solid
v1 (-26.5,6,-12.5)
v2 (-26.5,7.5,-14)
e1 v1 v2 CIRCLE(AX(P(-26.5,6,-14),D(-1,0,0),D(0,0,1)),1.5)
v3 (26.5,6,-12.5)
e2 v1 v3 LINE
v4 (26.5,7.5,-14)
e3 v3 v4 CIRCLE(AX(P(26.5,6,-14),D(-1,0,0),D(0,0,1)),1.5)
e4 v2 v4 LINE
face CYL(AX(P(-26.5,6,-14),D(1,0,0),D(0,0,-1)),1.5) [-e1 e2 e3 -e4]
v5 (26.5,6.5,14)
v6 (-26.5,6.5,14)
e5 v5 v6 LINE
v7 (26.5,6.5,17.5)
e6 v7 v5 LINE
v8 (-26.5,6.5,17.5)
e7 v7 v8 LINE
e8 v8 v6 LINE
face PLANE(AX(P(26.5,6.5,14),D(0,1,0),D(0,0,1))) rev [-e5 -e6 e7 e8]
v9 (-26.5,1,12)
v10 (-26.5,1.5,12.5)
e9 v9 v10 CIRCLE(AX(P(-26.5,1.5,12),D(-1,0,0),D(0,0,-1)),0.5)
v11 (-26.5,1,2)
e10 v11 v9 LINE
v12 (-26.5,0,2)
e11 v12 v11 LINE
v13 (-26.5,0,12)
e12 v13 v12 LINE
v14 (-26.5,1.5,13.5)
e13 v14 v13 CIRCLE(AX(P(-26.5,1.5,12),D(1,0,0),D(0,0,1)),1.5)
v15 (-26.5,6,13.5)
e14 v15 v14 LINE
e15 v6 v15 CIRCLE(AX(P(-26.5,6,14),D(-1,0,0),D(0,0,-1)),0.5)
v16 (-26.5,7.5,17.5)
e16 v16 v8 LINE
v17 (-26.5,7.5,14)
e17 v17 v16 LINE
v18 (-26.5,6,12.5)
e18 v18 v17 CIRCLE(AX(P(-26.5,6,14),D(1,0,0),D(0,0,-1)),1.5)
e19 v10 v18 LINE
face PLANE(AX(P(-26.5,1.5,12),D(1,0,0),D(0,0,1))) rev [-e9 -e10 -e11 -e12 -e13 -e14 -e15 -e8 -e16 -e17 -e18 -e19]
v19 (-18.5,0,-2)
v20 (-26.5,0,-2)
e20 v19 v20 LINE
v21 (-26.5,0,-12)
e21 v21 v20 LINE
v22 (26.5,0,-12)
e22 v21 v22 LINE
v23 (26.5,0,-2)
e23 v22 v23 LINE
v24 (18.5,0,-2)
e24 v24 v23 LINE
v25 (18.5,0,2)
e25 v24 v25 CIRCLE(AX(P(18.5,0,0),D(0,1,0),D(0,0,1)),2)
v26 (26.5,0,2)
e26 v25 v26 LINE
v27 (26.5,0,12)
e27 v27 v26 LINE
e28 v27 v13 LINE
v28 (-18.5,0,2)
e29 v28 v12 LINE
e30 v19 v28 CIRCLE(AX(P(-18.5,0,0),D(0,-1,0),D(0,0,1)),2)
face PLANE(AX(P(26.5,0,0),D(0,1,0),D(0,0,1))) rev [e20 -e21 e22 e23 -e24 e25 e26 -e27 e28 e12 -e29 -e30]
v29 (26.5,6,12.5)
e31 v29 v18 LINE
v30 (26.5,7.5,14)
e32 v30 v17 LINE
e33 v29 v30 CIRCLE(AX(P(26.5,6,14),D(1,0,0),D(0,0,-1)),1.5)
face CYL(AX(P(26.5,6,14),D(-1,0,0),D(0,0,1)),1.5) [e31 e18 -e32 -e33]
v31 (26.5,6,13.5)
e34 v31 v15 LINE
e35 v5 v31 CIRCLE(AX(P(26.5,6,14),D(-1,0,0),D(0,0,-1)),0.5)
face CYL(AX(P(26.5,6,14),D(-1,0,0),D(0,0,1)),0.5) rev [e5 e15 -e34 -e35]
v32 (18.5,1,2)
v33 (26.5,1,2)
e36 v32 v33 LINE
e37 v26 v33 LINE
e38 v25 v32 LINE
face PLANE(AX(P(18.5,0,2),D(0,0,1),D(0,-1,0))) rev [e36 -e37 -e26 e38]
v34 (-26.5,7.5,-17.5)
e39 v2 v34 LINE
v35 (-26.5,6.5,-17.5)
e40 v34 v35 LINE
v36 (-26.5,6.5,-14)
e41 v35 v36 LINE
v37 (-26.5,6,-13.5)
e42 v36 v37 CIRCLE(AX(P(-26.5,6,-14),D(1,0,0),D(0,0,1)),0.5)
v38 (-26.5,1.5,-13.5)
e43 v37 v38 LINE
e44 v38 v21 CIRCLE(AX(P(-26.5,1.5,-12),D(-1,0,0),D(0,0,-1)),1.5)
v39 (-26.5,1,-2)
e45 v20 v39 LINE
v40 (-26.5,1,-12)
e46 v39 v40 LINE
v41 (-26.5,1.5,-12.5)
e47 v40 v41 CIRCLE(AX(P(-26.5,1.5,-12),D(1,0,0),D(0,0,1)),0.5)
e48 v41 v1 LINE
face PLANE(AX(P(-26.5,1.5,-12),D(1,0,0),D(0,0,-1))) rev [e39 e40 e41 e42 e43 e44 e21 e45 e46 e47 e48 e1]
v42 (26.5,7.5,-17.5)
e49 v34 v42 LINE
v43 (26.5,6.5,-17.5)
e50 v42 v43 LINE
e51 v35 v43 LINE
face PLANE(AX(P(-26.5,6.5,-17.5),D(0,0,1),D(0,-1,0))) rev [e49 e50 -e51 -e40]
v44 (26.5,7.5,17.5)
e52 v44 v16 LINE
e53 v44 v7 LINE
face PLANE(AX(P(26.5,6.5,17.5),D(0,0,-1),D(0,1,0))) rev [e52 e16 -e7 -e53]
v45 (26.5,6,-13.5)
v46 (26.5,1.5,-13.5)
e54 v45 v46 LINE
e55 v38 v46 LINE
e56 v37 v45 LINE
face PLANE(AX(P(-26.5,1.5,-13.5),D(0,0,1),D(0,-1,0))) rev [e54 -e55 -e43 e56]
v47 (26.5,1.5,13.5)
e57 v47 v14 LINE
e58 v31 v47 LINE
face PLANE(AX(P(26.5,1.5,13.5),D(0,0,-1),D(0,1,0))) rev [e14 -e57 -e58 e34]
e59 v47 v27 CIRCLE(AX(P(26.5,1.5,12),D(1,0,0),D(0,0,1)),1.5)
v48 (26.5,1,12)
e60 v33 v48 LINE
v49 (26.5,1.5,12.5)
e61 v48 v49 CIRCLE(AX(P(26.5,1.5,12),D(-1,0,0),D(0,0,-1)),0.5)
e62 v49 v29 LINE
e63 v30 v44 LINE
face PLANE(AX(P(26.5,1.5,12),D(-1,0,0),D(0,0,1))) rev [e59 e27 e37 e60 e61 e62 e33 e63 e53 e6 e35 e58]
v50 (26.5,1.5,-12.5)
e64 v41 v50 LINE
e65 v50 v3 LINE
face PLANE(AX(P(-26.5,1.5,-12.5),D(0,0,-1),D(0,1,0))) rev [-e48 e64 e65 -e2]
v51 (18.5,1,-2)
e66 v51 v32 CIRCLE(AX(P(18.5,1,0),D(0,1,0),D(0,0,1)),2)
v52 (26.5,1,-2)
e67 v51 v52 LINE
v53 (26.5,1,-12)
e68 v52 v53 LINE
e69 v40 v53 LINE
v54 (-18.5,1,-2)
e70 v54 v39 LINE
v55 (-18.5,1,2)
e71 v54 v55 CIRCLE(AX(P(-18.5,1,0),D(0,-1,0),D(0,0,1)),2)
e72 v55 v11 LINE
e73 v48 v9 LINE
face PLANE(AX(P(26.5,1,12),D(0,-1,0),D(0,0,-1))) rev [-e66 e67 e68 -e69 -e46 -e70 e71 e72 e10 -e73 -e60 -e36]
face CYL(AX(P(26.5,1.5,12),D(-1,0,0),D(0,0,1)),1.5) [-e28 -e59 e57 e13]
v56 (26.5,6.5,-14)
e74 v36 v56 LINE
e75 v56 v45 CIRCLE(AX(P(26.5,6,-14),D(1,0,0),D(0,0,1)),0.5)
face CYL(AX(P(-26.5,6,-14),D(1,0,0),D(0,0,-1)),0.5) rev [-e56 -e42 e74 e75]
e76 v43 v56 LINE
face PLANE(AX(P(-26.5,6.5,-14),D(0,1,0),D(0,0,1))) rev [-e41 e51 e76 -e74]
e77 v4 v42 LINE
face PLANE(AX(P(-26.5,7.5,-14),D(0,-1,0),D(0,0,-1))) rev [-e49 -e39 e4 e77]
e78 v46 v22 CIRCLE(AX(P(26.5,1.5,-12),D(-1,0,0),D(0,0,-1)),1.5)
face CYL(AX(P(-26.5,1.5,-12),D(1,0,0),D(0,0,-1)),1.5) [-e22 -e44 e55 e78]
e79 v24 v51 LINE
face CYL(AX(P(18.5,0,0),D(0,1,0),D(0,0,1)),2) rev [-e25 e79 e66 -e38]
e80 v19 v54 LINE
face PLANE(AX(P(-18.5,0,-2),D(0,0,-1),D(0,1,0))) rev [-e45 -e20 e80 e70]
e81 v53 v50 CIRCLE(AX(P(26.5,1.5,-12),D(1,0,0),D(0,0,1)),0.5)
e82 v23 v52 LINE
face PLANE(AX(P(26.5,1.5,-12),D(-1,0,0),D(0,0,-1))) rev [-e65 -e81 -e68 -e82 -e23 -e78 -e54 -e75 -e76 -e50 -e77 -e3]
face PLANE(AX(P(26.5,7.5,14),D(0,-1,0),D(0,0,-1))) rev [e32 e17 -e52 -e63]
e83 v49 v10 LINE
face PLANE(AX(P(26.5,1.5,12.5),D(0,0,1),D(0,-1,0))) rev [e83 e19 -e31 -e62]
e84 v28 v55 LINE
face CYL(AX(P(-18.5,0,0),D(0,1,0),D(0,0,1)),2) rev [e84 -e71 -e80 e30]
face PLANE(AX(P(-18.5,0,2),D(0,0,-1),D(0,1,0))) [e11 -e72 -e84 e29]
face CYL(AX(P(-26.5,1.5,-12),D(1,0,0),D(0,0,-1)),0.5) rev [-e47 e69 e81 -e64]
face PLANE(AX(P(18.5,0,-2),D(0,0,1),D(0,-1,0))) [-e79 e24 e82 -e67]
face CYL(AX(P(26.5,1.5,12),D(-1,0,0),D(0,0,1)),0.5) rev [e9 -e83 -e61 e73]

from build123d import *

# Parameters (mm, degrees)
BOSS_EXTRUDE1_DEPTH   = 26.5
CUT_EXTRUDE1_DEPTH    = 2
MIRROR17_COPY_1_DEPTH = 26.5
MIRROR17_COPY_2_DEPTH = 2


with BuildPart() as part:
    # Sketch1 → Boss-Extrude1 (new body)
    with BuildSketch(Plane(origin=(0, 0, 0), x_dir=(0, 0, -1), z_dir=(1, 0, 0))):
        with BuildLine():
            Line((0, 0), (-12, 0))
            ThreePointArc((-12, 0), (-13.060660172, 0.439339828), (-13.5, 1.5))
            Line((-13.5, 1.5), (-13.5, 6))
            ThreePointArc((-13.5, 6), (-13.646446609, 6.353553391), (-14, 6.5))
            Line((-14, 6.5), (-17.5, 6.5))
            Line((-17.5, 6.5), (-17.5, 7.5))
            Line((-17.5, 7.5), (-14, 7.5))
            ThreePointArc((-14, 7.5), (-12.939339828, 7.060660172), (-12.5, 6))
            Line((-12.5, 6), (-12.5, 1.5))
            ThreePointArc((-12.5, 1.5), (-12.353553391, 1.146446609), (-12, 1))
            Line((-12, 1), (0, 1))
            Line((0, 1), (0, 0))
        make_face()
    boss_extrude1 = extrude(amount=BOSS_EXTRUDE1_DEPTH)

    # Sketch3 → Cut-Extrude1 (cut, through all)
    with BuildSketch(Plane(origin=(0, 1, 0), x_dir=(1, 0, 0), z_dir=(0, 1, 0))):
        with BuildLine():
            Line((26.5, 0), (16.5, 0))
            ThreePointArc((16.5, 0), (17.085786438, -1.414213562), (18.5, -2))
            Line((18.5, -2), (26.5, -2))
            Line((26.5, -2), (26.5, 0))
        make_face()
    cut_extrude1 = extrude(amount=-CUT_EXTRUDE1_DEPTH, mode=Mode.SUBTRACT)

    # Mirror16: Boss-Extrude1, Cut-Extrude1 across plane
    add(boss_extrude1.mirror(Plane(origin=(0, 0, 0), x_dir=(0, 0, 1), z_dir=(1, 0, 0))))
    add(cut_extrude1.mirror(Plane(origin=(0, 0, 0), x_dir=(0, 0, 1), z_dir=(1, 0, 0))), mode=Mode.SUBTRACT)

    # Mirror17: Boss-Extrude1, Cut-Extrude1 across plane
    add(boss_extrude1.mirror(Plane.XY))
    add(cut_extrude1.mirror(Plane.XY), mode=Mode.SUBTRACT)

    # Mirror17 copy 1 sketch → Mirror17 copy 1 (add)
    with BuildSketch(Plane.ZY):
        with BuildLine():
            Line((0, 0), (-12, 0))
            ThreePointArc((-12, 0), (-13.060660172, 0.439339828), (-13.5, 1.5))
            Line((-13.5, 1.5), (-13.5, 6))
            ThreePointArc((-13.5, 6), (-13.646446609, 6.353553391), (-14, 6.5))
            Line((-14, 6.5), (-17.5, 6.5))
            Line((-17.5, 6.5), (-17.5, 7.5))
            Line((-17.5, 7.5), (-14, 7.5))
            ThreePointArc((-14, 7.5), (-12.939339828, 7.060660172), (-12.5, 6))
            Line((-12.5, 6), (-12.5, 1.5))
            ThreePointArc((-12.5, 1.5), (-12.353553391, 1.146446609), (-12, 1))
            Line((-12, 1), (0, 1))
            Line((0, 1), (0, 0))
        make_face()
    extrude(amount=MIRROR17_COPY_1_DEPTH)

    # Mirror17 copy 2 sketch → Mirror17 copy 2 (cut, through all)
    with BuildSketch(Plane(origin=(0, 1, 0), x_dir=(-1, 0, 0), z_dir=(0, 1, 0))):
        with BuildLine():
            Line((26.5, 0), (16.5, 0))
            ThreePointArc((16.5, 0), (17.085786438, -1.414213562), (18.5, -2))
            Line((18.5, -2), (26.5, -2))
            Line((26.5, -2), (26.5, 0))
        make_face()
    extrude(amount=-MIRROR17_COPY_2_DEPTH, mode=Mode.SUBTRACT)


solid = part.part
